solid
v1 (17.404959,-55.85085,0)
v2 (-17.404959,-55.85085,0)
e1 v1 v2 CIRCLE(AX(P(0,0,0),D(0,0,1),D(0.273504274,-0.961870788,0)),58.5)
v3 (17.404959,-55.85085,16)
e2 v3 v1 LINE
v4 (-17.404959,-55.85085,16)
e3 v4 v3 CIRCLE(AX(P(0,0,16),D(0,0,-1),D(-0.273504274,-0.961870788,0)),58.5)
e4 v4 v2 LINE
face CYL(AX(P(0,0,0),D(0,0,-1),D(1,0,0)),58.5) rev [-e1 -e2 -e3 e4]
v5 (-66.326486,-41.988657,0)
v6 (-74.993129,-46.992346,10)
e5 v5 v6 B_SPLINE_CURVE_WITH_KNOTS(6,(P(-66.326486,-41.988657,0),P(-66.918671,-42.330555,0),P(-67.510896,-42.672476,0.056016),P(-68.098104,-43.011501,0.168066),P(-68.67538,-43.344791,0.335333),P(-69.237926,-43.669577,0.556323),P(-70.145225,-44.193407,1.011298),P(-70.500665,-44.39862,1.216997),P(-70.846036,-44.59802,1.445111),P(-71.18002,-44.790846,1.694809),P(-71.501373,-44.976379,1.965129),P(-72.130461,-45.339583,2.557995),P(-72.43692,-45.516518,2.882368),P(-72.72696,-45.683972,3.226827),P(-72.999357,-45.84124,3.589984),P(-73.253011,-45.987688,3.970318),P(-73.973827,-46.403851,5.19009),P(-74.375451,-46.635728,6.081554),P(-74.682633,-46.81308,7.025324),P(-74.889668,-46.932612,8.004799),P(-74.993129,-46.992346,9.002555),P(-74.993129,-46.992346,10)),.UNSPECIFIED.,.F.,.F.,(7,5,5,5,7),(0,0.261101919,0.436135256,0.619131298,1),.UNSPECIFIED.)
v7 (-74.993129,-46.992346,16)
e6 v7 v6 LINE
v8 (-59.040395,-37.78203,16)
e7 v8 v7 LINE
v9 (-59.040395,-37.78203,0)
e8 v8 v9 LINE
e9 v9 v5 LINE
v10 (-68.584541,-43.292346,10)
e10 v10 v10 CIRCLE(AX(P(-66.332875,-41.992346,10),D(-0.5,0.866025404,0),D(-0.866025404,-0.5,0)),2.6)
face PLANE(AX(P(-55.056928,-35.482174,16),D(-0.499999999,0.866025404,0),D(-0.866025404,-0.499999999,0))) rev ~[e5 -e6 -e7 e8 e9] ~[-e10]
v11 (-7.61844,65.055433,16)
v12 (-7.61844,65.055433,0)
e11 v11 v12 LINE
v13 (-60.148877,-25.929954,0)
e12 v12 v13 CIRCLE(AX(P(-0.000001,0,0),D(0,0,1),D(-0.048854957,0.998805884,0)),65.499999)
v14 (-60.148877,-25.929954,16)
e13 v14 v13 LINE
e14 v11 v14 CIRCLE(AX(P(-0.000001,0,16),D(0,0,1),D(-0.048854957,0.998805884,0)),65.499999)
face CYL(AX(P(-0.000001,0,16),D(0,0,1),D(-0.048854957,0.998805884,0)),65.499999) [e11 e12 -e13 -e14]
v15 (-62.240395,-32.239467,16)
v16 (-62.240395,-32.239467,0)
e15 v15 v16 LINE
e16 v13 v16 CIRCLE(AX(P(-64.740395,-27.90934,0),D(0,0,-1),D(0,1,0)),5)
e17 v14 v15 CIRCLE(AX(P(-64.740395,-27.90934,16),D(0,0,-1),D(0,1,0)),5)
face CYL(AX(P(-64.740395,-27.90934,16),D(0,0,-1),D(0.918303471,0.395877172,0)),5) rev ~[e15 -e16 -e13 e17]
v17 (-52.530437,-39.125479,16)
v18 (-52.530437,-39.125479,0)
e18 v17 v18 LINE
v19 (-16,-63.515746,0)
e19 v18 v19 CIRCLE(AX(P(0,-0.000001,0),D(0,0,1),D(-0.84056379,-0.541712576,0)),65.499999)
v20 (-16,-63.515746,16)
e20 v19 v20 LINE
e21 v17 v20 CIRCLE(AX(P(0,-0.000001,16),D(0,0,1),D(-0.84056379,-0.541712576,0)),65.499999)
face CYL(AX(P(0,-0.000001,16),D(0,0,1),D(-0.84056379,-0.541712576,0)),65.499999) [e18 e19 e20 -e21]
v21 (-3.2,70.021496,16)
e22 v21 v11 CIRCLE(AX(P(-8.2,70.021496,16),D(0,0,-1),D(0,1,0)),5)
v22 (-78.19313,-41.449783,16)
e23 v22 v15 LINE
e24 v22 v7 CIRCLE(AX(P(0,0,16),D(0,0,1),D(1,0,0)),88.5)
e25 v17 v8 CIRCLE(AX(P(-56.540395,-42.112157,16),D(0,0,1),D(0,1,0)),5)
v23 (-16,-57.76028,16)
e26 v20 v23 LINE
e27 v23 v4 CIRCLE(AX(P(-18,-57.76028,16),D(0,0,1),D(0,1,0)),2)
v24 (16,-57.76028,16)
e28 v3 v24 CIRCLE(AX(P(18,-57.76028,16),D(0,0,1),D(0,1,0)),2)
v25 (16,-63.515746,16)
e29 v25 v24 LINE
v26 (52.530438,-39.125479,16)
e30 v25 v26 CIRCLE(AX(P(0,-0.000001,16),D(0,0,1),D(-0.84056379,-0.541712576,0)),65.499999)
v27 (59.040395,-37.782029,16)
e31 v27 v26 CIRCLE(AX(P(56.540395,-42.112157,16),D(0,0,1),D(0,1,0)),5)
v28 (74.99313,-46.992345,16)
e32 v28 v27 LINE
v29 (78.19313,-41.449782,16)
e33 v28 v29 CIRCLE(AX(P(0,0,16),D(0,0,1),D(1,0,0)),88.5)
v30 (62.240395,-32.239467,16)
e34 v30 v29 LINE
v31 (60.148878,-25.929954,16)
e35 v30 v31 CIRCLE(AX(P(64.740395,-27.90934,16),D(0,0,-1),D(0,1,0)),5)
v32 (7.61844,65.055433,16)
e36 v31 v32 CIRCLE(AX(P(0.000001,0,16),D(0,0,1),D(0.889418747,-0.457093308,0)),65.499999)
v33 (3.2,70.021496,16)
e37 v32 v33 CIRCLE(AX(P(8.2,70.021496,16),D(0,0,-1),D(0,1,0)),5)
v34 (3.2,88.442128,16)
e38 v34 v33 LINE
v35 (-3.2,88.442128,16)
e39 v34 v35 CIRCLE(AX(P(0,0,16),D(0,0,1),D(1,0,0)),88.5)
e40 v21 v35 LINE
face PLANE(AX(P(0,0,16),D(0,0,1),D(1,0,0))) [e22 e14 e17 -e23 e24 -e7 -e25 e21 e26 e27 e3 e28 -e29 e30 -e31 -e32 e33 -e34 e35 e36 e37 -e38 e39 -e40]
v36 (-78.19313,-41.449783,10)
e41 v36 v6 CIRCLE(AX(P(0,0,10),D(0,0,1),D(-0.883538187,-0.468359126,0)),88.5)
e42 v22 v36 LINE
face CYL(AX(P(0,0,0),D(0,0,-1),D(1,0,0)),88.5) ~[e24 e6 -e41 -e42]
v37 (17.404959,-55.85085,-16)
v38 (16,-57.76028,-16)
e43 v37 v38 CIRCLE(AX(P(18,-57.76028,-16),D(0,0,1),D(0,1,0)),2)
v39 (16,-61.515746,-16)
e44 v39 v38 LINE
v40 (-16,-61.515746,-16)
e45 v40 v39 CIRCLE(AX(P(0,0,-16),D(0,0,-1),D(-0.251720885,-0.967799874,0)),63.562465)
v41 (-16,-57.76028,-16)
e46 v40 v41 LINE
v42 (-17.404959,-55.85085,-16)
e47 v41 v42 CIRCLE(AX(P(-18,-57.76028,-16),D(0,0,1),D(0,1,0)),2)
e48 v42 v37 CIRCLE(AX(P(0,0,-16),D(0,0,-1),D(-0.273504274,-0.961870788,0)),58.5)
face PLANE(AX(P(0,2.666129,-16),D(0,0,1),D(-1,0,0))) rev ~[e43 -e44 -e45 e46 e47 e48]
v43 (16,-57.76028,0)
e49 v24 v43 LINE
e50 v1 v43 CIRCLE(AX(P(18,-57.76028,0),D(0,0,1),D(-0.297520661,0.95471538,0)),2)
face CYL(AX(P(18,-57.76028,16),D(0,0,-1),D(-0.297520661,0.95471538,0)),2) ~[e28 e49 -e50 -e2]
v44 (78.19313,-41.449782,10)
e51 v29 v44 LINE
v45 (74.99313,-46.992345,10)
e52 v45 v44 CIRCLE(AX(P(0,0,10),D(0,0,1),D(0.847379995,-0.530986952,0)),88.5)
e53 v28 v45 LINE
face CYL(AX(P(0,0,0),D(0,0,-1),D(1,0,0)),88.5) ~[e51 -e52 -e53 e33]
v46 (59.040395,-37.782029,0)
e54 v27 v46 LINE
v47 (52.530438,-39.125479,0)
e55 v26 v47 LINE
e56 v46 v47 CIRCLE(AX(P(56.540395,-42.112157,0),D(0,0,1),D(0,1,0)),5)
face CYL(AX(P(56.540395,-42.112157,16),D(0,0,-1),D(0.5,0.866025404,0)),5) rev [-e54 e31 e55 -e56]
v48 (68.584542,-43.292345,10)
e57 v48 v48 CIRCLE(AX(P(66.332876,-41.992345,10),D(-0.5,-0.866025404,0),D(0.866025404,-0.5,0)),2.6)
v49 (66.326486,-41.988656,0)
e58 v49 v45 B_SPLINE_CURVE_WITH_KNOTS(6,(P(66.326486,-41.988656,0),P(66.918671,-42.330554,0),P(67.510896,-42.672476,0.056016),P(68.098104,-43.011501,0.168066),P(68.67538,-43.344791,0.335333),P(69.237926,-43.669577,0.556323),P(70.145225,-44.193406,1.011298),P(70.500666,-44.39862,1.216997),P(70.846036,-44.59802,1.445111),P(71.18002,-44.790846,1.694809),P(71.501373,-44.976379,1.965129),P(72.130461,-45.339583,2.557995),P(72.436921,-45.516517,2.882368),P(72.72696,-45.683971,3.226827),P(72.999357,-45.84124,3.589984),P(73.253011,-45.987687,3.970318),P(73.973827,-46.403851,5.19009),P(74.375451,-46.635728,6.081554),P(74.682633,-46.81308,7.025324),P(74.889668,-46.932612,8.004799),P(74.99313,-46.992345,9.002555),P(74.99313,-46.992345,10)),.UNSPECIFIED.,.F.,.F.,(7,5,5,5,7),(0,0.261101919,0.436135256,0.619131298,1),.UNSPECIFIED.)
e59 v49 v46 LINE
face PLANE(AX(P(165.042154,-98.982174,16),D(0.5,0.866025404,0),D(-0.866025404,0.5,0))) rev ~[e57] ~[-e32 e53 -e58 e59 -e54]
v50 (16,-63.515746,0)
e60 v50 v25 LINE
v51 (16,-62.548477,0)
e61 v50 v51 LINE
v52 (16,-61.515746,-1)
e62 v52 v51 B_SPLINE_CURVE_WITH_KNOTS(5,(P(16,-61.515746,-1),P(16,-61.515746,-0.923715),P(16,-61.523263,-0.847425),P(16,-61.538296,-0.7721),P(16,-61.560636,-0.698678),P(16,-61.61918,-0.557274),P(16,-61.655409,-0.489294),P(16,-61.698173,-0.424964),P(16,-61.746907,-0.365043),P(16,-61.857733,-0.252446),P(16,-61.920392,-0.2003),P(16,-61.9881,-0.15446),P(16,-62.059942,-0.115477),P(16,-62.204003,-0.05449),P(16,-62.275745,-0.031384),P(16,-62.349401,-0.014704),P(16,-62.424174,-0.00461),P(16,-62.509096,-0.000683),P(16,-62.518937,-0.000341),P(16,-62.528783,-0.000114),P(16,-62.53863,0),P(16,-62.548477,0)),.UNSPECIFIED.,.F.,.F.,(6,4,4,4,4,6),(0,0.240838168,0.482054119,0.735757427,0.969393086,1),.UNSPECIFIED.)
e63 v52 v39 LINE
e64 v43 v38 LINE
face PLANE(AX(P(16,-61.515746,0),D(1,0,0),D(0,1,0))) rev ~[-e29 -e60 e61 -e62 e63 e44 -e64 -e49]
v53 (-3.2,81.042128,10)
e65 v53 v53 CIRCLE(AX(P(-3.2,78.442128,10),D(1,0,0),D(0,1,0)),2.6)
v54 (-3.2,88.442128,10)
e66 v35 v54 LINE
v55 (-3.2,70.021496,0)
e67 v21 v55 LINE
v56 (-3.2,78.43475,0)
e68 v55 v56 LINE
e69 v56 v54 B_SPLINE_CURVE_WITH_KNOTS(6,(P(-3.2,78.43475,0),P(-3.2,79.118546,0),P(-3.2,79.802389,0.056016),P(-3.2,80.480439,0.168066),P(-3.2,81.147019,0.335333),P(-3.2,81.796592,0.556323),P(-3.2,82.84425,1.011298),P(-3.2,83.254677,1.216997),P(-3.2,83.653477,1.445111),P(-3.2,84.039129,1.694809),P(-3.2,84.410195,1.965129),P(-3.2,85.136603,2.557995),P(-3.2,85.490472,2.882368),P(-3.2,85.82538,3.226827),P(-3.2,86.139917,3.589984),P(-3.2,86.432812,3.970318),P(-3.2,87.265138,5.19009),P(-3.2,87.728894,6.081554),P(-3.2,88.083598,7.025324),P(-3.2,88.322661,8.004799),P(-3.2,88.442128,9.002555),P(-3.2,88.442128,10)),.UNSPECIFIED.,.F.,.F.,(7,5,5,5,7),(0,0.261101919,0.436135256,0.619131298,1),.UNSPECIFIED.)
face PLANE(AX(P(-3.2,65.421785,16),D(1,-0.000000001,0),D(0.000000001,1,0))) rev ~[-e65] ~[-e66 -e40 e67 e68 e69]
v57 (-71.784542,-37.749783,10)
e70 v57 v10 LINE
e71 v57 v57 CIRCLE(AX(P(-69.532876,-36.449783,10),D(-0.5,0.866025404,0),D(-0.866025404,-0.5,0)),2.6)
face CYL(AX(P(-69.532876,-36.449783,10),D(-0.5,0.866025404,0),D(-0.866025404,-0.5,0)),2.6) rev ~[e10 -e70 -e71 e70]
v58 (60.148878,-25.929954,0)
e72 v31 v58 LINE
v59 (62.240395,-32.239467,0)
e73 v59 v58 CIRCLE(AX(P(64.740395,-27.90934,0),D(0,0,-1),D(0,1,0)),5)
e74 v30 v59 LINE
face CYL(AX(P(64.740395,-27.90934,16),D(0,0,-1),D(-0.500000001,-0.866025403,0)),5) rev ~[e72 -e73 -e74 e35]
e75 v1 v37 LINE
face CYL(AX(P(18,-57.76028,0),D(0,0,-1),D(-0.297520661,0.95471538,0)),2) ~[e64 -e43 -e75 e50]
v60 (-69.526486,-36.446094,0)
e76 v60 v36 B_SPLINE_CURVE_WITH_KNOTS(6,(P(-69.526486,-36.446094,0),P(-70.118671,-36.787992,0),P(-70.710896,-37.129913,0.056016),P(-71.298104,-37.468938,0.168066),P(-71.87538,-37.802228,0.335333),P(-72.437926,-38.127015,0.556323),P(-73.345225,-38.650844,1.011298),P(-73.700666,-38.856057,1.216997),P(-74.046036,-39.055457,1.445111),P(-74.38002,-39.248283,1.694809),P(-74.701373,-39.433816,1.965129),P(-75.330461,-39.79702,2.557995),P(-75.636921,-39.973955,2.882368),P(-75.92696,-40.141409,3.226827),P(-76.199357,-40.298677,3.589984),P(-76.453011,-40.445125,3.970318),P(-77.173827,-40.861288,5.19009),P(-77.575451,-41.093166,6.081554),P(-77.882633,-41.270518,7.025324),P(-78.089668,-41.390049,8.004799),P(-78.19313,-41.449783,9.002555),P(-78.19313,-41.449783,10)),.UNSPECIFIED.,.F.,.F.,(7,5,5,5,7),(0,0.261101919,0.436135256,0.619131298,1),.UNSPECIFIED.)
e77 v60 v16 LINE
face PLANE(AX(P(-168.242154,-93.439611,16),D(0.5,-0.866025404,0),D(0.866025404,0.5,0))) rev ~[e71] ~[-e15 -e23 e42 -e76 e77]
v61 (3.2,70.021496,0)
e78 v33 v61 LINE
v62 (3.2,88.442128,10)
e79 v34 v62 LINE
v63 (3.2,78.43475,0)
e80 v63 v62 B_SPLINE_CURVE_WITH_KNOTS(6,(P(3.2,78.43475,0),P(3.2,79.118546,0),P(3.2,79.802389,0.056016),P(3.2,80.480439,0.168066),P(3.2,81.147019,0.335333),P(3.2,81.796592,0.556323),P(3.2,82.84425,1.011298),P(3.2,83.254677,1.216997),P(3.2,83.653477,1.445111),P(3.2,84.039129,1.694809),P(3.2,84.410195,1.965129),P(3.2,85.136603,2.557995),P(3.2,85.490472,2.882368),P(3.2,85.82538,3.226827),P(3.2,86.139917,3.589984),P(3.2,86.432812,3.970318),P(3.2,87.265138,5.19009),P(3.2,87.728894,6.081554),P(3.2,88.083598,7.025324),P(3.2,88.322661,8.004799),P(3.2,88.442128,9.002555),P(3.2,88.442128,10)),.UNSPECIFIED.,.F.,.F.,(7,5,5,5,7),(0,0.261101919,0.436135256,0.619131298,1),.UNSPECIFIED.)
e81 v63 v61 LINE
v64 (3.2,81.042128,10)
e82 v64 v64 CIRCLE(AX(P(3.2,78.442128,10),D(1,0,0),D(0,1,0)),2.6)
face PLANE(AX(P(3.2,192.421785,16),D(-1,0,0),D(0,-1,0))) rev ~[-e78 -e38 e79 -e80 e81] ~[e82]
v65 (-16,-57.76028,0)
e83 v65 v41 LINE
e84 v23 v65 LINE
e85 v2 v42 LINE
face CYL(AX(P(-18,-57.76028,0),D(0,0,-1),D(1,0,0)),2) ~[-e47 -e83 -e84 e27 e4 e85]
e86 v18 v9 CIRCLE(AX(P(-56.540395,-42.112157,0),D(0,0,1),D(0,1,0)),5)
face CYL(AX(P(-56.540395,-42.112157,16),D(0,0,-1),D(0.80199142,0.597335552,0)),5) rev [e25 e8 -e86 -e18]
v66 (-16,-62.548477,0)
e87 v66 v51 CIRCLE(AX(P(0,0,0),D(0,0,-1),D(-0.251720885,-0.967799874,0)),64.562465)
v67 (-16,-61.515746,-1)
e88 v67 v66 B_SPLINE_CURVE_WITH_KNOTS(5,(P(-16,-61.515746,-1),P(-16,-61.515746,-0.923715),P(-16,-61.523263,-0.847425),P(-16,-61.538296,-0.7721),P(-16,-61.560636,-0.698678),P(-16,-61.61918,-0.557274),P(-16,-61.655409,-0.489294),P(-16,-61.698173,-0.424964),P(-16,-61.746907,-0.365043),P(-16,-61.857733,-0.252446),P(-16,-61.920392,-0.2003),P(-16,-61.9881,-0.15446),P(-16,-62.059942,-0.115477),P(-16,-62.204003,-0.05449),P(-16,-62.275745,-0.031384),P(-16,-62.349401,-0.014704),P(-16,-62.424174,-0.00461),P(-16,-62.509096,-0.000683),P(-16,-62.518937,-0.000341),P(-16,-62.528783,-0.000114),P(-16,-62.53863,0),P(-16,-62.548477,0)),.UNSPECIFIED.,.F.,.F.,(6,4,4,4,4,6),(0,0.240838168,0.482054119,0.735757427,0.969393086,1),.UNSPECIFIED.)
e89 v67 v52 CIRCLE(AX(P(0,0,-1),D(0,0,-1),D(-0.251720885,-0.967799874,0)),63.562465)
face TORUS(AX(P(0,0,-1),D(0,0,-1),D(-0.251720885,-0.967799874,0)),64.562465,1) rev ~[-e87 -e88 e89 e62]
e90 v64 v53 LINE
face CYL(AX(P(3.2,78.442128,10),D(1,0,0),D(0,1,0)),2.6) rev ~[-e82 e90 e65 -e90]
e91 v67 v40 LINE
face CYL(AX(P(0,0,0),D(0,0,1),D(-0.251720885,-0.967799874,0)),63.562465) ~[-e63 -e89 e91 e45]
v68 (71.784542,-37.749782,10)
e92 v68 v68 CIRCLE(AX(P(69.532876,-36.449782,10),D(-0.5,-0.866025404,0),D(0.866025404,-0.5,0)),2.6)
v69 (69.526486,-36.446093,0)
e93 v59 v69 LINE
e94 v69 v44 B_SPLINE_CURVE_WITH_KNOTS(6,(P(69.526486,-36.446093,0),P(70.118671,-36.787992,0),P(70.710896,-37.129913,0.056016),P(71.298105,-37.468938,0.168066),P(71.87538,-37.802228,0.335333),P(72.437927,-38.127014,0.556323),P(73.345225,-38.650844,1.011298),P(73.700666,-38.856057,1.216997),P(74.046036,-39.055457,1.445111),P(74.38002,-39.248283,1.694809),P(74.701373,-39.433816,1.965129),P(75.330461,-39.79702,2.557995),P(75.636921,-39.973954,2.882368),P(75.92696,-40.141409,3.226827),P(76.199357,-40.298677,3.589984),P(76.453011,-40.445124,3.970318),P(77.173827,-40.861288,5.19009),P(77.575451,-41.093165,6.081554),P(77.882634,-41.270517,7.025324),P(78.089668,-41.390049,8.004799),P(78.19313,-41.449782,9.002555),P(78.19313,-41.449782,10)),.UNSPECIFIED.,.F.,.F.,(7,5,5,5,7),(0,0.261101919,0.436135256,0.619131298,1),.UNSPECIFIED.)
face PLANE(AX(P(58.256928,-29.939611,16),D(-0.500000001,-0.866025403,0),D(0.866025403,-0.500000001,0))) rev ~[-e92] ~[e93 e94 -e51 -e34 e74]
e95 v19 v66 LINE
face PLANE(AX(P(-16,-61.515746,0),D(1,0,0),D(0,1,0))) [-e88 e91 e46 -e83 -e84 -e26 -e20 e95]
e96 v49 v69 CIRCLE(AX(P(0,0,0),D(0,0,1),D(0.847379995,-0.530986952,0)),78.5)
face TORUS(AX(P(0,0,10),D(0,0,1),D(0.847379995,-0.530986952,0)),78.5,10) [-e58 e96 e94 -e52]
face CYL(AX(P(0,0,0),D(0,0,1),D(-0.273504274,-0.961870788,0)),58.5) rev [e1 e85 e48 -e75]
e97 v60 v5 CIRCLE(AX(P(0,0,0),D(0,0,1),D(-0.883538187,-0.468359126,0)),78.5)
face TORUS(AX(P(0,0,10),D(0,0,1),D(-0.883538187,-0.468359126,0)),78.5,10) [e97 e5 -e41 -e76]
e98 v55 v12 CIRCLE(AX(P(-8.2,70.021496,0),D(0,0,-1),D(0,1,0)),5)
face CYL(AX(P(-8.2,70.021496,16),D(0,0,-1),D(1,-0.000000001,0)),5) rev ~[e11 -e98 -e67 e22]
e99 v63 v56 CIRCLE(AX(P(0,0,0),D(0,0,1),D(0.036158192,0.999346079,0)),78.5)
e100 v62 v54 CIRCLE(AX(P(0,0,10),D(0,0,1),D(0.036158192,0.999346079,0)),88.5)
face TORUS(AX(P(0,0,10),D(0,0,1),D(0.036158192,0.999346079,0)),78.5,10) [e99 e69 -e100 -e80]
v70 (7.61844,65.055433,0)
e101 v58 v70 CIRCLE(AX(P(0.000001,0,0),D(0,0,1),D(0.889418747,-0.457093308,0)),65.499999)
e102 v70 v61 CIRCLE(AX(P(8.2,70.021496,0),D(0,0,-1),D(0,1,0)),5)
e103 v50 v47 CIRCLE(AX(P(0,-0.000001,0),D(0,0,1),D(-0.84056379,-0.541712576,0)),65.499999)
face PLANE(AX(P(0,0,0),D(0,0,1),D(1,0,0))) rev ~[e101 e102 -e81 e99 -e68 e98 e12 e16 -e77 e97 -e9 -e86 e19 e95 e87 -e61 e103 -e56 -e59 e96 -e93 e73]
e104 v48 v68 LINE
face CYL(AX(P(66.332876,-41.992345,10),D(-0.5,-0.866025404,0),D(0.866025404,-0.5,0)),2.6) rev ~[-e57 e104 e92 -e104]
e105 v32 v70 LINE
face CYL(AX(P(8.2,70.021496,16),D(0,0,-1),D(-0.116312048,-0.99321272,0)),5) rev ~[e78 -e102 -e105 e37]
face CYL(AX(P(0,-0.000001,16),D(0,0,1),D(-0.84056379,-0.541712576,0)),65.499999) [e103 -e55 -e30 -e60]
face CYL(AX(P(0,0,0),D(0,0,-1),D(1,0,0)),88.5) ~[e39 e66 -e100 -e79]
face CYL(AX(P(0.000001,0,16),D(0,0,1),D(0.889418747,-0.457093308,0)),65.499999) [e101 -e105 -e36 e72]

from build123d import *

# Parameters (mm, degrees)
SKETCH_R              = 88.5
SKETCH_R_2            = 58.5
PAD_DEPTH             = 16
POCKET_DEPTH          = 517.654267
POLARPATTERN_COUNT    = 3
SKETCH002_W           = 32
SKETCH002_H           = 137
POCKET001_DEPTH       = 16.001
SKETCH003_R           = 2.6
POCKET002_DEPTH       = 518.756447
POLARPATTERN001_COUNT = 3
PAD001_DEPTH          = 16
FILLET_R              = 1
FILLET001_R           = 2
FILLET002_R           = 10
FILLET003_R           = 5


with BuildPart() as part:
    # Sketch → Pad (new body)
    with BuildSketch(Plane.XY):
        Circle(SKETCH_R)
        Circle(SKETCH_R_2, mode=Mode.SUBTRACT)
    extrude(amount=PAD_DEPTH)

    # Sketch001 (on Face4 of Pad) → Pocket (cut, through all)
    with BuildSketch(Plane.XY.offset(16)):
        with BuildLine():
            ThreePointArc((58.256928, -29.939611), (56.724664, 32.75), (3.2, 65.421785))
            Line((3.2, 192.421785), (3.2, 65.421785))
            ThreePointArc((168.242154, -93.439611), (166.665196, 96.224196), (3.2, 192.421785))
            Line((58.256928, -29.939611), (168.242154, -93.439611))
        make_face()
    pocket = extrude(amount=-POCKET_DEPTH, mode=Mode.SUBTRACT)

    # PolarPattern: Pocket ×3 about axis
    polarpattern_axis = Axis((0, 0, 16), (0, 0, 1))
    for i in range(1, POLARPATTERN_COUNT):
        add(pocket.rotate(polarpattern_axis, i * 360 / POLARPATTERN_COUNT), mode=Mode.SUBTRACT)

    # Sketch002 (on Face4 of PolarPattern) → Pocket001 (cut, through all)
    with BuildSketch(Plane.XY.offset(16)):
        with Locations((0, -68.5)):
            Rectangle(SKETCH002_W, SKETCH002_H)
    extrude(amount=-POCKET001_DEPTH, mode=Mode.SUBTRACT)

    # Sketch003 (on Face5 of Pocket001) → Pocket002 (cut, through all)
    with BuildSketch(Plane.YZ.offset(3.2)):
        with Locations((78.442128, 10)):
            Circle(SKETCH003_R)
    pocket002 = extrude(amount=-POCKET002_DEPTH, mode=Mode.SUBTRACT)

    # PolarPattern001: Pocket002 ×3 about axis
    polarpattern001_axis = Axis((0, 0, 0), (0, 0, 1))
    for i in range(1, POLARPATTERN001_COUNT):
        add(pocket002.rotate(polarpattern001_axis, i * 360 / POLARPATTERN001_COUNT), mode=Mode.SUBTRACT)

    # Sketch004 (on Face2 of PolarPattern001) → Pad001 (join)
    with BuildSketch(Plane(origin=(0, 0, 0), x_dir=(1, 0, 0), z_dir=(0, 0, -1))):
        with BuildLine():
            ThreePointArc((-16, 56.269441), (0, -58.5), (16, 56.269441))
            Line((16, 61.515746), (16, 56.269441))
            ThreePointArc((-16, 61.515746), (0, -63.562465), (16, 61.515746))
            Line((-16, 61.515746), (-16, 56.269441))
        make_face()
    extrude(amount=PAD001_DEPTH)

    # Fillet
    fillet_edges = [part.edges().sort_by_distance(p)[0] for p in [
        (0, 63.562465, 0),
    ]]
    fillet(fillet_edges, radius=FILLET_R)

    # Fillet001
    fillet001_edges = [part.edges().sort_by_distance(p)[0] for p in [
        (-16, -56.269441, -8),
        (-16, -56.269441, 8),
        (16, -56.269441, -8),
        (16, -56.269441, 8),
    ]]
    fillet(fillet001_edges, radius=FILLET001_R)

    # Fillet002
    fillet002_edges = [part.edges().sort_by_distance(p)[0] for p in [
        (-76.643248, -44.25, 0),
        (76.643248, -44.25, 0),
        (0, 88.5, 0),
    ]]
    fillet(fillet002_edges, radius=FILLET002_R)

    # Fillet003
    fillet003_edges = [part.edges().sort_by_distance(p)[0] for p in [
        (58.256928, -29.939611, 8),
        (55.056928, -35.482174, 8),
        (-55.056928, -35.482174, 8),
        (-58.256928, -29.939611, 8),
        (-3.2, 65.421785, 8),
        (3.2, 65.421785, 8),
    ]]
    fillet(fillet003_edges, radius=FILLET003_R)


solid = part.part
